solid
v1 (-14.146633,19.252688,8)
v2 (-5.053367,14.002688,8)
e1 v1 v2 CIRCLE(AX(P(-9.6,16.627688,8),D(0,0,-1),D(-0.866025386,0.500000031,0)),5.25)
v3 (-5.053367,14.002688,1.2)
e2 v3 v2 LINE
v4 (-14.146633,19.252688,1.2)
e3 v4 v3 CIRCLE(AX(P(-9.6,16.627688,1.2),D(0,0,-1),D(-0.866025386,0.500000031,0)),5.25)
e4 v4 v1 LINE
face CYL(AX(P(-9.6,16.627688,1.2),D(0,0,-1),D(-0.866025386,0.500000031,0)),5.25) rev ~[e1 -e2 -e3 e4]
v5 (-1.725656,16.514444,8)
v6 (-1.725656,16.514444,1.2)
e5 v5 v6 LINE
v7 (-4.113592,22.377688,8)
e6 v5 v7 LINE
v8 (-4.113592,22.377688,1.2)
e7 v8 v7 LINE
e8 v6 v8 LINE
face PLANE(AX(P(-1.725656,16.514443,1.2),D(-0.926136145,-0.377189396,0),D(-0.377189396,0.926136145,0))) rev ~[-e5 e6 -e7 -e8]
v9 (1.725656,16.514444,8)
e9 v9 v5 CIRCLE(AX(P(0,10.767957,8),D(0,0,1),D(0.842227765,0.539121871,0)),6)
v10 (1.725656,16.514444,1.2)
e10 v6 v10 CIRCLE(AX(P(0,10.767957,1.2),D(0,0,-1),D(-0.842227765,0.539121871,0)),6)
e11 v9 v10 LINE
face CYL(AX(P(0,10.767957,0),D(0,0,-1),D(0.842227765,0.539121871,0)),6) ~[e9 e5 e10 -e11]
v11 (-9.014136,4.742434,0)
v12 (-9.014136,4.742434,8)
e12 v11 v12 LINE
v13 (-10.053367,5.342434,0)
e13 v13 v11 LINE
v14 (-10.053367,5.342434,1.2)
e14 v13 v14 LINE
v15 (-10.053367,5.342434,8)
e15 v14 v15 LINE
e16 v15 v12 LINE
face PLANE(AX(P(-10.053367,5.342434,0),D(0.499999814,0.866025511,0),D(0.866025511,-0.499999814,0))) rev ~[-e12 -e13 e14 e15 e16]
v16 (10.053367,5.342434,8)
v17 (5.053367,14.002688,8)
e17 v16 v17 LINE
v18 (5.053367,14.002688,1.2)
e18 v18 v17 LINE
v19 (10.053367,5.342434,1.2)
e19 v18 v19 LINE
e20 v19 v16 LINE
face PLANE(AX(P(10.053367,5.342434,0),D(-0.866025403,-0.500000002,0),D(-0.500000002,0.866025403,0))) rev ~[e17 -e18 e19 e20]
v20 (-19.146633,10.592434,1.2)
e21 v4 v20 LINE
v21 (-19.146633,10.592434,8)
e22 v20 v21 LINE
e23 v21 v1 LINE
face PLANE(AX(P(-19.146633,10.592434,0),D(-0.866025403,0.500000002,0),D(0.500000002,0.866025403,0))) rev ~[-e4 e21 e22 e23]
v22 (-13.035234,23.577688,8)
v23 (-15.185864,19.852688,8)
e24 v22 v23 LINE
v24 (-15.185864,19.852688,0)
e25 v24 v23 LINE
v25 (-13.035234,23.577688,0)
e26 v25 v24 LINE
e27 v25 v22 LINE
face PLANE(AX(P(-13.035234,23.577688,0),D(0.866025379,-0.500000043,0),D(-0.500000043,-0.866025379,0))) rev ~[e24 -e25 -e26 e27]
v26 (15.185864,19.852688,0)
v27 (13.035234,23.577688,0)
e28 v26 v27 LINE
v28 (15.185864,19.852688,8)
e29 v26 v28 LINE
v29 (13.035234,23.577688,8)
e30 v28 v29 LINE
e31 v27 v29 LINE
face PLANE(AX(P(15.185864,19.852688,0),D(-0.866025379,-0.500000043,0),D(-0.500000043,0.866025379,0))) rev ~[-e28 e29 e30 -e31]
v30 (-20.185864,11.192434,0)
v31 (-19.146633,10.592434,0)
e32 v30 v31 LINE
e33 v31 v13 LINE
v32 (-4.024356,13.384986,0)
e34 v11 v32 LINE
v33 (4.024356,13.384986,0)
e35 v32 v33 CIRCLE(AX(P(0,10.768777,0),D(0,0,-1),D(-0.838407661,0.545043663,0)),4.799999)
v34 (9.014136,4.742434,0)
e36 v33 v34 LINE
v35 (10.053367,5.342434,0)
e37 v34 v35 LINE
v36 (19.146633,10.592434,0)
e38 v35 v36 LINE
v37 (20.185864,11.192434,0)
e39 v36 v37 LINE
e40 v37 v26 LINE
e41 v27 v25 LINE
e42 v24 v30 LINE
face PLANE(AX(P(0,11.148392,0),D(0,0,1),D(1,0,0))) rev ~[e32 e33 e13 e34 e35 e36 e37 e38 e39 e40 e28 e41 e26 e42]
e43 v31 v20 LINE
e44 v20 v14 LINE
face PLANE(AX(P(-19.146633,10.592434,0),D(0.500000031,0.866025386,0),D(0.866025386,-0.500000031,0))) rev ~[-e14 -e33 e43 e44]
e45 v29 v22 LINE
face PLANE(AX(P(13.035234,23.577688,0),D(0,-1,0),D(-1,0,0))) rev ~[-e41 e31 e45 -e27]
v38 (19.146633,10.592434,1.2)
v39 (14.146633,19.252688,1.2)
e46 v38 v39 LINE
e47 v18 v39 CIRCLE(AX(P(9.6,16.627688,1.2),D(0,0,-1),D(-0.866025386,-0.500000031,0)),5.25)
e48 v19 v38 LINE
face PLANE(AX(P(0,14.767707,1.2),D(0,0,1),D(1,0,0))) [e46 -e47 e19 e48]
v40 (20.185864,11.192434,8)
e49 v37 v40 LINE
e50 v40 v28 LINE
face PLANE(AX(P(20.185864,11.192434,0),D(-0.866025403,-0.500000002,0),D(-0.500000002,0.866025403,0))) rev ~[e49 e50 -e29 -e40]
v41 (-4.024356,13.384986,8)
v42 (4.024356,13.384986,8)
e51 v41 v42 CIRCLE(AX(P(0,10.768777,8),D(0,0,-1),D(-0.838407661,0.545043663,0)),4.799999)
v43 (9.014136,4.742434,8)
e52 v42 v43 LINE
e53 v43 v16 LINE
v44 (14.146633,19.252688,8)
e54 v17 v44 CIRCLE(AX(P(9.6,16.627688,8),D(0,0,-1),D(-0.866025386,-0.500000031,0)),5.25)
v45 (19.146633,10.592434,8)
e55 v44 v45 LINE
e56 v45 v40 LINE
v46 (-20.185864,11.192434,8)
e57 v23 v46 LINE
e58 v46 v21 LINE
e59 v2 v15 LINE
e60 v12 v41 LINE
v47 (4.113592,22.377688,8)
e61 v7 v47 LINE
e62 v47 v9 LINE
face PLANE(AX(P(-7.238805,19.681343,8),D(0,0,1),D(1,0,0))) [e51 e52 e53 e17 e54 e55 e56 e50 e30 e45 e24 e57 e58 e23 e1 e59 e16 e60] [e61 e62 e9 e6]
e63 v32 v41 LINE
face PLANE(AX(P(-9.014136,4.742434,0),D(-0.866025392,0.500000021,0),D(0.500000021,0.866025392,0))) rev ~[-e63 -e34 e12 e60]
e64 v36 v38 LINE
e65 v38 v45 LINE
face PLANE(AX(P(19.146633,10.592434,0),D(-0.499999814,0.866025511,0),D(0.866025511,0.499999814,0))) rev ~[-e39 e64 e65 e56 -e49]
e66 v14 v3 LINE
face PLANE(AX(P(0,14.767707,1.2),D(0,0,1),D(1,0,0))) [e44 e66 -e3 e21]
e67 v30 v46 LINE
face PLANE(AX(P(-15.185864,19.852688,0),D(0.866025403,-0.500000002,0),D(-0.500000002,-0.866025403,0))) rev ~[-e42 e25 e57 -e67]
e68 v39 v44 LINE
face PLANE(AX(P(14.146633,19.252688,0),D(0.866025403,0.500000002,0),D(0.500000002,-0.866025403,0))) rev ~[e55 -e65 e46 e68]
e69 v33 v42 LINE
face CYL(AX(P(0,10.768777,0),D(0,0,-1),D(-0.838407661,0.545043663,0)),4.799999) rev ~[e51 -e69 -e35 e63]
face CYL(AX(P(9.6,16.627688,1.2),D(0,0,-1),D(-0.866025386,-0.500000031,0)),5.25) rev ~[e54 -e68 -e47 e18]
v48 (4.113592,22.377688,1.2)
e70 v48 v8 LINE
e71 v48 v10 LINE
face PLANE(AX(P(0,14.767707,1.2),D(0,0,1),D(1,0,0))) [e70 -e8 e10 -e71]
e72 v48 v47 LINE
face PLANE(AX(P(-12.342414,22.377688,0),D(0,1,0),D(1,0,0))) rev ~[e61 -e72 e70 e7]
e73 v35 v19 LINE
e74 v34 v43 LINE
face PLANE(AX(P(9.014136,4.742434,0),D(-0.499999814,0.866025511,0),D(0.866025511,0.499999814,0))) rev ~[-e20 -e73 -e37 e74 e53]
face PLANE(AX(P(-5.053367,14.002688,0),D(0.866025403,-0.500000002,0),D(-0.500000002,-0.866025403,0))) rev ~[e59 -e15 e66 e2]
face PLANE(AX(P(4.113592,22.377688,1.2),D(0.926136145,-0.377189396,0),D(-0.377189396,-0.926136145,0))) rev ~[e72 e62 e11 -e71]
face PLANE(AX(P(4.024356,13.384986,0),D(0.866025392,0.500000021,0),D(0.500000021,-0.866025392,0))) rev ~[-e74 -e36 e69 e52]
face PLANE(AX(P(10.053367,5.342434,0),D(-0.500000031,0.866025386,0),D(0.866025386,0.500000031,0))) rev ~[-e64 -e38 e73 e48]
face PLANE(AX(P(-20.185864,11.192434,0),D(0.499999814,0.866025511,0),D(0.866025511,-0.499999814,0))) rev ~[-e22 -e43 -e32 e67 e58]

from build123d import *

# Parameters (mm, degrees)
F1_DEPTH = 1.2
F3_DEPTH = 8
F5_DEPTH = 6.8


with BuildPart() as f1:
    # F0 (on Top) → F1 (new body)
    with BuildSketch(Plane.XY):
        with BuildLine():
            Line((-19.146633, 10.592434), (-10.053367, 5.342434))
            Line((-10.053367, 5.342434), (-5.053367, 14.002688))
            ThreePointArc((-5.053367, 14.002688), (0, 16.767957), (5.053367, 14.002688))
            Line((5.053367, 14.002688), (10.053367, 5.342434))
            Line((10.053367, 5.342434), (19.146633, 10.592434))
            Line((19.146633, 10.592434), (14.146633, 19.252688))
            Line((14.146633, 19.252688), (12.342414, 22.377688))
            Line((12.342414, 22.377688), (-12.342414, 22.377688))
            Line((-12.342414, 22.377688), (-14.146633, 19.252688))
            Line((-14.146633, 19.252688), (-19.146633, 10.592434))
        make_face()
    extrude(amount=F1_DEPTH)

    # F2 (on face) → F3 (join)
    with BuildSketch(Plane.XY):
        with BuildLine():
            Line((-5.053367, 14.002688), (-10.053367, 5.342434))
            Line((-10.053367, 5.342434), (-9.014136, 4.742434))
            Line((-9.014136, 4.742434), (-4.024356, 13.384986))
            ThreePointArc((-4.024356, 13.384986), (0, 15.568776), (4.024356, 13.384986))
            Line((4.024356, 13.384986), (9.014136, 4.742434))
            Line((9.014136, 4.742434), (10.053367, 5.342434))
            Line((10.053367, 5.342434), (5.053367, 14.002688))
            ThreePointArc((5.053367, 14.002688), (0, 16.767957), (-5.053367, 14.002688))
        make_face()
        Polygon((-19.146633, 10.592434), (-14.146633, 19.252688), (-12.342414, 22.377688), (12.342414, 22.377688), (14.146633, 19.252688), (19.146633, 10.592434), (20.185864, 11.192434), (15.185864, 19.852688), (13.035234, 23.577688), (-13.035234, 23.577688), (-15.185864, 19.852688), (-20.185864, 11.192434), align=None)
    extrude(amount=F3_DEPTH)

    # F4 (on face) → F5 (join, through all)
    with BuildSketch(Plane.XY.offset(1.2)):
        with BuildLine():
            Line((-4.113592, 22.377688), (-12.342414, 22.377688))
            Line((-12.342414, 22.377688), (-14.146633, 19.252688))
            ThreePointArc((-14.146633, 19.252688), (-6.975, 21.174321), (-5.053367, 14.002688))
            ThreePointArc((-5.053367, 14.002688), (-3.614694, 15.556901), (-1.725656, 16.514443))
            Line((-1.725656, 16.514443), (-4.113592, 22.377688))
        make_face()
        with BuildLine():
            ThreePointArc((1.725656, 16.514443), (3.614694, 15.556901), (5.053367, 14.002688))
            ThreePointArc((5.053367, 14.002688), (6.975, 21.174321), (14.146633, 19.252688))
            Line((14.146633, 19.252688), (12.342414, 22.377688))
            Line((12.342414, 22.377688), (4.113592, 22.377688))
            Line((4.113592, 22.377688), (1.725656, 16.514443))
        make_face()
    extrude(amount=F5_DEPTH)


solid = f1.part
